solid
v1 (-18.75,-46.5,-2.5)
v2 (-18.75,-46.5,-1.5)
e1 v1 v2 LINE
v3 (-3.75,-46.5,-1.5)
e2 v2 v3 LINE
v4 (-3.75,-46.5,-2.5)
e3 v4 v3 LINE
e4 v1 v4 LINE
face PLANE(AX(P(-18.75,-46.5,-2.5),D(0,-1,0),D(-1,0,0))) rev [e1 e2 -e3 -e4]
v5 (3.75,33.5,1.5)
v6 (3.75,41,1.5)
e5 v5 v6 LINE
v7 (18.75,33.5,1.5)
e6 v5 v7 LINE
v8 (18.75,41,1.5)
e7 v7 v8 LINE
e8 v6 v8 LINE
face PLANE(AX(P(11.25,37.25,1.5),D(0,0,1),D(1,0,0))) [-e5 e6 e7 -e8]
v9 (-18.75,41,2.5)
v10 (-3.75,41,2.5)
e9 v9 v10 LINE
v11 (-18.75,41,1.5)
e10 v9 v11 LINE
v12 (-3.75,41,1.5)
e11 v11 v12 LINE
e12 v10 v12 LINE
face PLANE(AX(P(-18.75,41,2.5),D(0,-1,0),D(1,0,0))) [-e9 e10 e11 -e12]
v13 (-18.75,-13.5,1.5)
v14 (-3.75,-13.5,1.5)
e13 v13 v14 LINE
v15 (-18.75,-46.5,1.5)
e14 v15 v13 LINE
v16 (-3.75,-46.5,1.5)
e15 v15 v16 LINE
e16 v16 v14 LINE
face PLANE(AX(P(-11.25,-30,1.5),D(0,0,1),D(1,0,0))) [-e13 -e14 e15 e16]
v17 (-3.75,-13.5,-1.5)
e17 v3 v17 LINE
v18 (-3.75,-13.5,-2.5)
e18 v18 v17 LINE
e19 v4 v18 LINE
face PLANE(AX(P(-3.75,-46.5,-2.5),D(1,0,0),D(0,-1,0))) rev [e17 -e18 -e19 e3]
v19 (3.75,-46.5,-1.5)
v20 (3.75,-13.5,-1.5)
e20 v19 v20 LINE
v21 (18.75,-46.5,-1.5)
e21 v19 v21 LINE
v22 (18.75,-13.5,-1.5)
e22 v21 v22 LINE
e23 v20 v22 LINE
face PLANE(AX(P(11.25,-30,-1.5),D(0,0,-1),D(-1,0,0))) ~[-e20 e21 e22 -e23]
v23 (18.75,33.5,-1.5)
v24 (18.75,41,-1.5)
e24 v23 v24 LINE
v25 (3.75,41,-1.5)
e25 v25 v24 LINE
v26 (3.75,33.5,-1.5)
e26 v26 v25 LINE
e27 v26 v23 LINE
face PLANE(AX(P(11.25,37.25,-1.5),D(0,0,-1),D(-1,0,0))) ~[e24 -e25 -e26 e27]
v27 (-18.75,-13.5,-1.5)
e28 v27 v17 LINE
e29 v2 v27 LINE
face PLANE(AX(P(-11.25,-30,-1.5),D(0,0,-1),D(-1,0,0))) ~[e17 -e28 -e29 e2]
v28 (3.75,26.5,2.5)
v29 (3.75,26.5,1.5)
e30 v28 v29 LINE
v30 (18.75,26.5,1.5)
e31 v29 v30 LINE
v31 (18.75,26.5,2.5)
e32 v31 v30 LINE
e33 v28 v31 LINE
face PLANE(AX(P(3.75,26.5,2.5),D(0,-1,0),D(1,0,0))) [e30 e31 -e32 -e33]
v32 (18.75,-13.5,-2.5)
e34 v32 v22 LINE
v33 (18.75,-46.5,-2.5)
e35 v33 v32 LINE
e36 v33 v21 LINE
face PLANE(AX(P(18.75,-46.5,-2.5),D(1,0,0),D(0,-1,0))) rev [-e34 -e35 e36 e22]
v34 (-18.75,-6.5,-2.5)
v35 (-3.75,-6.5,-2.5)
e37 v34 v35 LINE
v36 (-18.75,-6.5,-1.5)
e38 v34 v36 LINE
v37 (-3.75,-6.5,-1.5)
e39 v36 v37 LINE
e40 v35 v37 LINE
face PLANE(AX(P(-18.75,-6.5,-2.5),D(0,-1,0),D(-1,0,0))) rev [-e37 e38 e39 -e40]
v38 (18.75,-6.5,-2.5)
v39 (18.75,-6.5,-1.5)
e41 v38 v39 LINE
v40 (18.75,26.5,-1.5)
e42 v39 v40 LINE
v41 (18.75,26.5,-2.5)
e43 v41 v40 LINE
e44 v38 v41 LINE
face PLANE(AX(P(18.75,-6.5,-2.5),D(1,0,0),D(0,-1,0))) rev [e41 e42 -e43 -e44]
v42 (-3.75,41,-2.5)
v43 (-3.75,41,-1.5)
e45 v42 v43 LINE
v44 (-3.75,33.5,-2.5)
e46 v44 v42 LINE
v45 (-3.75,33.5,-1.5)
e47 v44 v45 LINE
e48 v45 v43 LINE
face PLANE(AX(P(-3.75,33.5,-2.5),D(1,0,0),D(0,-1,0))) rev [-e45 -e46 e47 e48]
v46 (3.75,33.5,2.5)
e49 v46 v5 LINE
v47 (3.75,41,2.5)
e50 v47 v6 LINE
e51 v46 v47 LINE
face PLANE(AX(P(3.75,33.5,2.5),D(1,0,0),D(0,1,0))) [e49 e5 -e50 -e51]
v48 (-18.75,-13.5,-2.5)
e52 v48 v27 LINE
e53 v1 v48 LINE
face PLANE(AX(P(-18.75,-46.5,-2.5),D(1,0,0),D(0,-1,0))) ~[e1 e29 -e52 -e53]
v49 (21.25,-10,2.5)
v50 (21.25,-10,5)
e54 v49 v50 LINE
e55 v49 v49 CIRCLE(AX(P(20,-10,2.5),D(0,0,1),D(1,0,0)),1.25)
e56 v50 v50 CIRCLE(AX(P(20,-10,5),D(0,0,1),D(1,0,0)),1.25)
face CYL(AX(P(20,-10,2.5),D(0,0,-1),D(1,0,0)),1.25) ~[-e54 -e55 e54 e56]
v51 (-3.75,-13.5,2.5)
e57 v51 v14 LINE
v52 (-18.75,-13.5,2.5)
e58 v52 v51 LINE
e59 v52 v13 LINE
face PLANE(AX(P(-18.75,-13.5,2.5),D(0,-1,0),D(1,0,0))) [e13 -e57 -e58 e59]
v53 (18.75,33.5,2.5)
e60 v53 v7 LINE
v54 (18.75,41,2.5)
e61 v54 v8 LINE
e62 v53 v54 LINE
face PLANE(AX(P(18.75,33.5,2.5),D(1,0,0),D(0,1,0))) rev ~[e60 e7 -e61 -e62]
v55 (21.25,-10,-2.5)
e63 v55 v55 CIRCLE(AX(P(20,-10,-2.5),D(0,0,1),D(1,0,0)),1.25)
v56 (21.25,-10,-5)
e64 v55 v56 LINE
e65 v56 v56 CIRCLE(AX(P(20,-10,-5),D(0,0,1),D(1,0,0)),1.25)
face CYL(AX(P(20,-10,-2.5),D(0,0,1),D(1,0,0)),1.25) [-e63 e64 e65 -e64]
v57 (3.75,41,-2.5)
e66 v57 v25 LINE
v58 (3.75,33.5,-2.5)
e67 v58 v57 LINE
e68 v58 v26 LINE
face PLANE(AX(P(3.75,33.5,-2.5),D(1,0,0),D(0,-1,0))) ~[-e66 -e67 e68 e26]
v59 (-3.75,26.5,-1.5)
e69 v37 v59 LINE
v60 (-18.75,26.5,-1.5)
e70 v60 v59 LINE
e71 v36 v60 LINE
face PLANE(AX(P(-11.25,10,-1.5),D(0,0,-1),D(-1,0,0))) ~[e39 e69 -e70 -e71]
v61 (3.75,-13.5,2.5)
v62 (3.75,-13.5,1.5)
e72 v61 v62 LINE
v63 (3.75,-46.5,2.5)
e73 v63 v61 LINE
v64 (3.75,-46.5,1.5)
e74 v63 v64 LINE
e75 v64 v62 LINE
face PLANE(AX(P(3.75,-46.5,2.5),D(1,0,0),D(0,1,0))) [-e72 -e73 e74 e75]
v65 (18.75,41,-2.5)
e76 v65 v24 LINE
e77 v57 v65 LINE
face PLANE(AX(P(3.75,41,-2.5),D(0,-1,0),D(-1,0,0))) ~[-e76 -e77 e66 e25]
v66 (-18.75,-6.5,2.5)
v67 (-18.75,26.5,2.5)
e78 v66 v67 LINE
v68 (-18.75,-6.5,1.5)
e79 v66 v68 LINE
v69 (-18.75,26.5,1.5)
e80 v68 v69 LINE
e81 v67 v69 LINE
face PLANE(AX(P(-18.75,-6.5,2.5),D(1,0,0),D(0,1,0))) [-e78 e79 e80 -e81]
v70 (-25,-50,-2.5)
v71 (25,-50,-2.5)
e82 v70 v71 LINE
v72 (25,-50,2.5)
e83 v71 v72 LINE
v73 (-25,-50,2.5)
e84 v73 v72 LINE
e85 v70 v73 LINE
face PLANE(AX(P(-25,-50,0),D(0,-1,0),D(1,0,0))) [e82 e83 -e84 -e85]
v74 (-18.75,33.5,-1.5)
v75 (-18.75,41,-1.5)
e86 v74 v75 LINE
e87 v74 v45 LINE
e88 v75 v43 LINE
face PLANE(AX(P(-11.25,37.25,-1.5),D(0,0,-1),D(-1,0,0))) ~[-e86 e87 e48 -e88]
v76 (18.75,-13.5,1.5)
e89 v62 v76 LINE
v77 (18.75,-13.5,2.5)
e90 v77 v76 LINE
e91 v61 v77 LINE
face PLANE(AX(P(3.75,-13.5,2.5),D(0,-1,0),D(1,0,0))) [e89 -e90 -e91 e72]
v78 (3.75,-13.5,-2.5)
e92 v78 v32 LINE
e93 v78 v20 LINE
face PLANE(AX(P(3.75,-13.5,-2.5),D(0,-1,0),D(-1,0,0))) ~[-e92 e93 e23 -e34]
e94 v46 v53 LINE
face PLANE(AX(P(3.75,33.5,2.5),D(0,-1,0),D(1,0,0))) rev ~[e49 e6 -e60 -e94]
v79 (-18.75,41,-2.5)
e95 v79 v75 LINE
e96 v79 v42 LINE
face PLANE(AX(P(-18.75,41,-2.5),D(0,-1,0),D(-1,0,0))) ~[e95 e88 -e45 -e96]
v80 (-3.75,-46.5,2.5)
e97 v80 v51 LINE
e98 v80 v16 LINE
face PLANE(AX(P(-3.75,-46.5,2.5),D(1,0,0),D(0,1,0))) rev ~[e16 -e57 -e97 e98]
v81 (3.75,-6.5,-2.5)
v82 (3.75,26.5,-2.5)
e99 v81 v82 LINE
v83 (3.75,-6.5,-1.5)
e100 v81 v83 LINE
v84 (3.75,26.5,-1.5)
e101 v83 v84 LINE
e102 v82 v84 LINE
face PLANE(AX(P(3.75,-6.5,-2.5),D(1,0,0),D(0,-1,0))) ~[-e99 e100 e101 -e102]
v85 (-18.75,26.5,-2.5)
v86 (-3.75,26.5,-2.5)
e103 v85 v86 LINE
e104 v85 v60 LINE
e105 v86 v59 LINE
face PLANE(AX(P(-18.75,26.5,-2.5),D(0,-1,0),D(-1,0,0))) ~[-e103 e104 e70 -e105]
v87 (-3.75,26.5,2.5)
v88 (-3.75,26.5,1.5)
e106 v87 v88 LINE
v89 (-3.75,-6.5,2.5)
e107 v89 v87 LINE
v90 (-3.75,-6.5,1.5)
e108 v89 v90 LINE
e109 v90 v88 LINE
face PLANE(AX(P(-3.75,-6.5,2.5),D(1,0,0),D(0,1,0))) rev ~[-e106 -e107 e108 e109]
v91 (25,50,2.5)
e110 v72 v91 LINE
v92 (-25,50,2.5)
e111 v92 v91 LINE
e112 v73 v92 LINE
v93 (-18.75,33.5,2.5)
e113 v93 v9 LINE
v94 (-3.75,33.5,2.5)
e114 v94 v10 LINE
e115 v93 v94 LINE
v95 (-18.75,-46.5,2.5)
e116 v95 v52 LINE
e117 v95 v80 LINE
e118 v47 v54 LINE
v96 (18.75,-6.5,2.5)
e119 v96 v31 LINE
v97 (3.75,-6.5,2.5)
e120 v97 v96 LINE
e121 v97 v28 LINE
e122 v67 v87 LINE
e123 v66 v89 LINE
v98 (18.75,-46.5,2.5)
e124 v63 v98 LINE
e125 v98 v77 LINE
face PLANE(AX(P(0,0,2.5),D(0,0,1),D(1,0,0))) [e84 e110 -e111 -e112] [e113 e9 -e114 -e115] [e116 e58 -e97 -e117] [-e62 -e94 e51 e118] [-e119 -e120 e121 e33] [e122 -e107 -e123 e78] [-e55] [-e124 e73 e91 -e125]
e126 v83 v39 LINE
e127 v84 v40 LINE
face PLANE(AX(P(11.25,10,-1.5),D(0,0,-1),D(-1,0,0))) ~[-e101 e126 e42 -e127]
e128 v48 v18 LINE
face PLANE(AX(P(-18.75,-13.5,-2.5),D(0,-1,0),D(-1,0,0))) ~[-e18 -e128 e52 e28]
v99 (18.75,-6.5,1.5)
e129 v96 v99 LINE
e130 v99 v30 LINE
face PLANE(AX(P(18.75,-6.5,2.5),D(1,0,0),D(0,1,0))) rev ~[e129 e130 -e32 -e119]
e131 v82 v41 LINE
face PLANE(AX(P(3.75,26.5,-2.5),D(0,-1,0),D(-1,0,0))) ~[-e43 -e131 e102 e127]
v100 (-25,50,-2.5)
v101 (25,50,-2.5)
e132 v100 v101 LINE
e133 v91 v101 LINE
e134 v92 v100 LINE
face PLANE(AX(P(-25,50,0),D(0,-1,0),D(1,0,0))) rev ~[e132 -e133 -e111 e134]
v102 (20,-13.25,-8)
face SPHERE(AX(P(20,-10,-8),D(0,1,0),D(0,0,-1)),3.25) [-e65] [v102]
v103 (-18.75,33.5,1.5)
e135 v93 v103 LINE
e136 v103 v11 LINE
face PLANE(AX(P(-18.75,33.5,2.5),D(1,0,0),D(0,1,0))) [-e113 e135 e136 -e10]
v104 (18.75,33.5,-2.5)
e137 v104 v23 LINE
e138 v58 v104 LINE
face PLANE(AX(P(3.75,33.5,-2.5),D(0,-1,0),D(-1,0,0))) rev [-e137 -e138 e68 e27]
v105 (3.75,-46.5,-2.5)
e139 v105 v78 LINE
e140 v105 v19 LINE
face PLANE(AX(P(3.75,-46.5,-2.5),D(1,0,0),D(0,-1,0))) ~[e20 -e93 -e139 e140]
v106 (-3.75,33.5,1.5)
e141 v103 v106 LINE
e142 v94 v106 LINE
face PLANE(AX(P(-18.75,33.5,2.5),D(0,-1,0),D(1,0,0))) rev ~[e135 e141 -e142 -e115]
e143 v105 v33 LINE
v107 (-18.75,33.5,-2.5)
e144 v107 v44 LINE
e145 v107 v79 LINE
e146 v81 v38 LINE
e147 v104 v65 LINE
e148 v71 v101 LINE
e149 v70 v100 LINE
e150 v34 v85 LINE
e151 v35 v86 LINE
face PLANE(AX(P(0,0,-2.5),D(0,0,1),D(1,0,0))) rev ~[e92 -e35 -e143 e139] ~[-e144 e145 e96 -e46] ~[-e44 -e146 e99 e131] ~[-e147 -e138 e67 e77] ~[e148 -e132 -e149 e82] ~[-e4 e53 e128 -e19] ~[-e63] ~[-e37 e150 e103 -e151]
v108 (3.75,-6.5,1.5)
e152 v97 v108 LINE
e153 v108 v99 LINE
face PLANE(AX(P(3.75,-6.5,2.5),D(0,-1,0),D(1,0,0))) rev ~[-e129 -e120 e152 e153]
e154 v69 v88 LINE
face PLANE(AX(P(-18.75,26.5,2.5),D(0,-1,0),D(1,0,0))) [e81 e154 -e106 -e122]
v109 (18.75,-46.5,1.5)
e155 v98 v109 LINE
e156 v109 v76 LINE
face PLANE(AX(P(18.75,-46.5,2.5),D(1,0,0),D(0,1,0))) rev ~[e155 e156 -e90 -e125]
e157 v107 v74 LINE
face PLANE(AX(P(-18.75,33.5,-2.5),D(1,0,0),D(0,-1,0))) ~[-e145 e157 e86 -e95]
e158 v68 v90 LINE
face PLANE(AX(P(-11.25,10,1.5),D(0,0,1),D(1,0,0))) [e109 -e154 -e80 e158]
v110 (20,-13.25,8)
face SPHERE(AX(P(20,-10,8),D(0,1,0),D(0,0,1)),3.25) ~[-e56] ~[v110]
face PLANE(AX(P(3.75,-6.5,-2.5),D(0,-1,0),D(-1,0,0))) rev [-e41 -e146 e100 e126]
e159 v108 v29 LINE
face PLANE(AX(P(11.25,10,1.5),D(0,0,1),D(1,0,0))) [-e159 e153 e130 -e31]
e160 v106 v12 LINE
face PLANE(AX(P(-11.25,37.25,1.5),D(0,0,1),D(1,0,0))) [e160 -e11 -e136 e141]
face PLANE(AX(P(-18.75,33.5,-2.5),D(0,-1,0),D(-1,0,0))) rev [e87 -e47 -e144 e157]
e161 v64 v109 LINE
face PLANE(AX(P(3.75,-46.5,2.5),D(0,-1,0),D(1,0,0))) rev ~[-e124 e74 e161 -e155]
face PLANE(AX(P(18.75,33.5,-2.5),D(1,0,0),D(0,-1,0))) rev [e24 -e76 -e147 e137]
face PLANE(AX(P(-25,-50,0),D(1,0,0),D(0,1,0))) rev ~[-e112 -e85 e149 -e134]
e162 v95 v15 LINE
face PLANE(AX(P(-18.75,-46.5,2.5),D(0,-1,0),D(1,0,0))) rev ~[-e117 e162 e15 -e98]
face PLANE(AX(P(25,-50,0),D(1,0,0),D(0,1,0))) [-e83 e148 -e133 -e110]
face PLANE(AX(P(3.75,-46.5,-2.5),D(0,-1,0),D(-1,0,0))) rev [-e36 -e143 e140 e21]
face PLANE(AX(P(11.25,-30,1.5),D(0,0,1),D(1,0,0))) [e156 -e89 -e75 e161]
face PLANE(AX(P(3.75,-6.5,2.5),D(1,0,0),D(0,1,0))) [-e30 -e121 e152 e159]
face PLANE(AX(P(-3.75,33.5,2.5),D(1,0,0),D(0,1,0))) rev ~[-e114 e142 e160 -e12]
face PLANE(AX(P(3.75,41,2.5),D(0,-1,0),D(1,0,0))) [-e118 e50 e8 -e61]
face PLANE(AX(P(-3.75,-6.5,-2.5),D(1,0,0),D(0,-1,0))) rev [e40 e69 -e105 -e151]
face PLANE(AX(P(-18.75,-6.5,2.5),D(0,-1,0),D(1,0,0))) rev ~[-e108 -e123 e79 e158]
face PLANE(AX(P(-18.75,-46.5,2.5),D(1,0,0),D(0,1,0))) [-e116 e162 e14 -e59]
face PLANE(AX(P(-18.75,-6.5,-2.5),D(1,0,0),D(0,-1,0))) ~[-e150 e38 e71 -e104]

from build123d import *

# Parameters (mm, degrees)
SKETCH1_W           = 50
SKETCH1_H           = 100
BOSS_EXTRUDE1_DEPTH = 2.5
SKETCH2_R           = 1.25
BOSS_EXTRUDE2_DEPTH = 2.5
SKETCH4_W           = 15
SKETCH4_H           = 7.5
SKETCH4_H_2         = 33
CUT_EXTRUDE1_DEPTH  = 1


with BuildPart() as part:
    # Sketch1 → Boss-Extrude1 (new body, symmetric)
    with BuildSketch(Plane.XY):
        Rectangle(SKETCH1_W, SKETCH1_H)
    extrude(amount=BOSS_EXTRUDE1_DEPTH, both=True)

    # Sketch2 → Boss-Extrude2 (add)
    with BuildSketch(Plane.XY.offset(2.5)):
        with Locations((20, -10)):
            Circle(SKETCH2_R)
    boss_extrude2 = extrude(amount=BOSS_EXTRUDE2_DEPTH)

    # Sketch3 → Revolve1 (revolve)
    with BuildSketch(Plane(origin=(20, 0, 0), x_dir=(0, 0, -1), z_dir=(1, 0, 0))):
        with BuildLine():
            Line((-8, -6.75), (-8, -13.25))
            ThreePointArc((-8, -13.25), (-11.25, -10), (-8, -6.75))
        make_face()
    revolve1 = revolve(axis=Axis((20, -6.75, 8), (0, -1, 0)))

    # Sketch4 → Cut-Extrude1 (cut)
    with BuildSketch(Plane.XY.offset(2.5)):
        with Locations((-11.25, 37.25)):
            Rectangle(SKETCH4_W, SKETCH4_H)
        with Locations((11.25, 37.25)):
            Rectangle(SKETCH4_W, SKETCH4_H)
        with Locations((11.25, 10)):
            Rectangle(SKETCH4_W, SKETCH4_H_2)
        with Locations((-11.25, 10)):
            Rectangle(SKETCH4_W, SKETCH4_H_2)
        with Locations((-11.25, -30)):
            Rectangle(SKETCH4_W, SKETCH4_H_2)
        with Locations((11.25, -30)):
            Rectangle(SKETCH4_W, SKETCH4_H_2)
    cut_extrude1 = extrude(amount=-CUT_EXTRUDE1_DEPTH, mode=Mode.SUBTRACT)

    # Mirror1: Boss-Extrude2, Revolve1, Cut-Extrude1 across plane
    add(boss_extrude2.mirror(Plane.XY))
    add(revolve1.mirror(Plane.XY))
    add(cut_extrude1.mirror(Plane.XY), mode=Mode.SUBTRACT)


solid = part.part
